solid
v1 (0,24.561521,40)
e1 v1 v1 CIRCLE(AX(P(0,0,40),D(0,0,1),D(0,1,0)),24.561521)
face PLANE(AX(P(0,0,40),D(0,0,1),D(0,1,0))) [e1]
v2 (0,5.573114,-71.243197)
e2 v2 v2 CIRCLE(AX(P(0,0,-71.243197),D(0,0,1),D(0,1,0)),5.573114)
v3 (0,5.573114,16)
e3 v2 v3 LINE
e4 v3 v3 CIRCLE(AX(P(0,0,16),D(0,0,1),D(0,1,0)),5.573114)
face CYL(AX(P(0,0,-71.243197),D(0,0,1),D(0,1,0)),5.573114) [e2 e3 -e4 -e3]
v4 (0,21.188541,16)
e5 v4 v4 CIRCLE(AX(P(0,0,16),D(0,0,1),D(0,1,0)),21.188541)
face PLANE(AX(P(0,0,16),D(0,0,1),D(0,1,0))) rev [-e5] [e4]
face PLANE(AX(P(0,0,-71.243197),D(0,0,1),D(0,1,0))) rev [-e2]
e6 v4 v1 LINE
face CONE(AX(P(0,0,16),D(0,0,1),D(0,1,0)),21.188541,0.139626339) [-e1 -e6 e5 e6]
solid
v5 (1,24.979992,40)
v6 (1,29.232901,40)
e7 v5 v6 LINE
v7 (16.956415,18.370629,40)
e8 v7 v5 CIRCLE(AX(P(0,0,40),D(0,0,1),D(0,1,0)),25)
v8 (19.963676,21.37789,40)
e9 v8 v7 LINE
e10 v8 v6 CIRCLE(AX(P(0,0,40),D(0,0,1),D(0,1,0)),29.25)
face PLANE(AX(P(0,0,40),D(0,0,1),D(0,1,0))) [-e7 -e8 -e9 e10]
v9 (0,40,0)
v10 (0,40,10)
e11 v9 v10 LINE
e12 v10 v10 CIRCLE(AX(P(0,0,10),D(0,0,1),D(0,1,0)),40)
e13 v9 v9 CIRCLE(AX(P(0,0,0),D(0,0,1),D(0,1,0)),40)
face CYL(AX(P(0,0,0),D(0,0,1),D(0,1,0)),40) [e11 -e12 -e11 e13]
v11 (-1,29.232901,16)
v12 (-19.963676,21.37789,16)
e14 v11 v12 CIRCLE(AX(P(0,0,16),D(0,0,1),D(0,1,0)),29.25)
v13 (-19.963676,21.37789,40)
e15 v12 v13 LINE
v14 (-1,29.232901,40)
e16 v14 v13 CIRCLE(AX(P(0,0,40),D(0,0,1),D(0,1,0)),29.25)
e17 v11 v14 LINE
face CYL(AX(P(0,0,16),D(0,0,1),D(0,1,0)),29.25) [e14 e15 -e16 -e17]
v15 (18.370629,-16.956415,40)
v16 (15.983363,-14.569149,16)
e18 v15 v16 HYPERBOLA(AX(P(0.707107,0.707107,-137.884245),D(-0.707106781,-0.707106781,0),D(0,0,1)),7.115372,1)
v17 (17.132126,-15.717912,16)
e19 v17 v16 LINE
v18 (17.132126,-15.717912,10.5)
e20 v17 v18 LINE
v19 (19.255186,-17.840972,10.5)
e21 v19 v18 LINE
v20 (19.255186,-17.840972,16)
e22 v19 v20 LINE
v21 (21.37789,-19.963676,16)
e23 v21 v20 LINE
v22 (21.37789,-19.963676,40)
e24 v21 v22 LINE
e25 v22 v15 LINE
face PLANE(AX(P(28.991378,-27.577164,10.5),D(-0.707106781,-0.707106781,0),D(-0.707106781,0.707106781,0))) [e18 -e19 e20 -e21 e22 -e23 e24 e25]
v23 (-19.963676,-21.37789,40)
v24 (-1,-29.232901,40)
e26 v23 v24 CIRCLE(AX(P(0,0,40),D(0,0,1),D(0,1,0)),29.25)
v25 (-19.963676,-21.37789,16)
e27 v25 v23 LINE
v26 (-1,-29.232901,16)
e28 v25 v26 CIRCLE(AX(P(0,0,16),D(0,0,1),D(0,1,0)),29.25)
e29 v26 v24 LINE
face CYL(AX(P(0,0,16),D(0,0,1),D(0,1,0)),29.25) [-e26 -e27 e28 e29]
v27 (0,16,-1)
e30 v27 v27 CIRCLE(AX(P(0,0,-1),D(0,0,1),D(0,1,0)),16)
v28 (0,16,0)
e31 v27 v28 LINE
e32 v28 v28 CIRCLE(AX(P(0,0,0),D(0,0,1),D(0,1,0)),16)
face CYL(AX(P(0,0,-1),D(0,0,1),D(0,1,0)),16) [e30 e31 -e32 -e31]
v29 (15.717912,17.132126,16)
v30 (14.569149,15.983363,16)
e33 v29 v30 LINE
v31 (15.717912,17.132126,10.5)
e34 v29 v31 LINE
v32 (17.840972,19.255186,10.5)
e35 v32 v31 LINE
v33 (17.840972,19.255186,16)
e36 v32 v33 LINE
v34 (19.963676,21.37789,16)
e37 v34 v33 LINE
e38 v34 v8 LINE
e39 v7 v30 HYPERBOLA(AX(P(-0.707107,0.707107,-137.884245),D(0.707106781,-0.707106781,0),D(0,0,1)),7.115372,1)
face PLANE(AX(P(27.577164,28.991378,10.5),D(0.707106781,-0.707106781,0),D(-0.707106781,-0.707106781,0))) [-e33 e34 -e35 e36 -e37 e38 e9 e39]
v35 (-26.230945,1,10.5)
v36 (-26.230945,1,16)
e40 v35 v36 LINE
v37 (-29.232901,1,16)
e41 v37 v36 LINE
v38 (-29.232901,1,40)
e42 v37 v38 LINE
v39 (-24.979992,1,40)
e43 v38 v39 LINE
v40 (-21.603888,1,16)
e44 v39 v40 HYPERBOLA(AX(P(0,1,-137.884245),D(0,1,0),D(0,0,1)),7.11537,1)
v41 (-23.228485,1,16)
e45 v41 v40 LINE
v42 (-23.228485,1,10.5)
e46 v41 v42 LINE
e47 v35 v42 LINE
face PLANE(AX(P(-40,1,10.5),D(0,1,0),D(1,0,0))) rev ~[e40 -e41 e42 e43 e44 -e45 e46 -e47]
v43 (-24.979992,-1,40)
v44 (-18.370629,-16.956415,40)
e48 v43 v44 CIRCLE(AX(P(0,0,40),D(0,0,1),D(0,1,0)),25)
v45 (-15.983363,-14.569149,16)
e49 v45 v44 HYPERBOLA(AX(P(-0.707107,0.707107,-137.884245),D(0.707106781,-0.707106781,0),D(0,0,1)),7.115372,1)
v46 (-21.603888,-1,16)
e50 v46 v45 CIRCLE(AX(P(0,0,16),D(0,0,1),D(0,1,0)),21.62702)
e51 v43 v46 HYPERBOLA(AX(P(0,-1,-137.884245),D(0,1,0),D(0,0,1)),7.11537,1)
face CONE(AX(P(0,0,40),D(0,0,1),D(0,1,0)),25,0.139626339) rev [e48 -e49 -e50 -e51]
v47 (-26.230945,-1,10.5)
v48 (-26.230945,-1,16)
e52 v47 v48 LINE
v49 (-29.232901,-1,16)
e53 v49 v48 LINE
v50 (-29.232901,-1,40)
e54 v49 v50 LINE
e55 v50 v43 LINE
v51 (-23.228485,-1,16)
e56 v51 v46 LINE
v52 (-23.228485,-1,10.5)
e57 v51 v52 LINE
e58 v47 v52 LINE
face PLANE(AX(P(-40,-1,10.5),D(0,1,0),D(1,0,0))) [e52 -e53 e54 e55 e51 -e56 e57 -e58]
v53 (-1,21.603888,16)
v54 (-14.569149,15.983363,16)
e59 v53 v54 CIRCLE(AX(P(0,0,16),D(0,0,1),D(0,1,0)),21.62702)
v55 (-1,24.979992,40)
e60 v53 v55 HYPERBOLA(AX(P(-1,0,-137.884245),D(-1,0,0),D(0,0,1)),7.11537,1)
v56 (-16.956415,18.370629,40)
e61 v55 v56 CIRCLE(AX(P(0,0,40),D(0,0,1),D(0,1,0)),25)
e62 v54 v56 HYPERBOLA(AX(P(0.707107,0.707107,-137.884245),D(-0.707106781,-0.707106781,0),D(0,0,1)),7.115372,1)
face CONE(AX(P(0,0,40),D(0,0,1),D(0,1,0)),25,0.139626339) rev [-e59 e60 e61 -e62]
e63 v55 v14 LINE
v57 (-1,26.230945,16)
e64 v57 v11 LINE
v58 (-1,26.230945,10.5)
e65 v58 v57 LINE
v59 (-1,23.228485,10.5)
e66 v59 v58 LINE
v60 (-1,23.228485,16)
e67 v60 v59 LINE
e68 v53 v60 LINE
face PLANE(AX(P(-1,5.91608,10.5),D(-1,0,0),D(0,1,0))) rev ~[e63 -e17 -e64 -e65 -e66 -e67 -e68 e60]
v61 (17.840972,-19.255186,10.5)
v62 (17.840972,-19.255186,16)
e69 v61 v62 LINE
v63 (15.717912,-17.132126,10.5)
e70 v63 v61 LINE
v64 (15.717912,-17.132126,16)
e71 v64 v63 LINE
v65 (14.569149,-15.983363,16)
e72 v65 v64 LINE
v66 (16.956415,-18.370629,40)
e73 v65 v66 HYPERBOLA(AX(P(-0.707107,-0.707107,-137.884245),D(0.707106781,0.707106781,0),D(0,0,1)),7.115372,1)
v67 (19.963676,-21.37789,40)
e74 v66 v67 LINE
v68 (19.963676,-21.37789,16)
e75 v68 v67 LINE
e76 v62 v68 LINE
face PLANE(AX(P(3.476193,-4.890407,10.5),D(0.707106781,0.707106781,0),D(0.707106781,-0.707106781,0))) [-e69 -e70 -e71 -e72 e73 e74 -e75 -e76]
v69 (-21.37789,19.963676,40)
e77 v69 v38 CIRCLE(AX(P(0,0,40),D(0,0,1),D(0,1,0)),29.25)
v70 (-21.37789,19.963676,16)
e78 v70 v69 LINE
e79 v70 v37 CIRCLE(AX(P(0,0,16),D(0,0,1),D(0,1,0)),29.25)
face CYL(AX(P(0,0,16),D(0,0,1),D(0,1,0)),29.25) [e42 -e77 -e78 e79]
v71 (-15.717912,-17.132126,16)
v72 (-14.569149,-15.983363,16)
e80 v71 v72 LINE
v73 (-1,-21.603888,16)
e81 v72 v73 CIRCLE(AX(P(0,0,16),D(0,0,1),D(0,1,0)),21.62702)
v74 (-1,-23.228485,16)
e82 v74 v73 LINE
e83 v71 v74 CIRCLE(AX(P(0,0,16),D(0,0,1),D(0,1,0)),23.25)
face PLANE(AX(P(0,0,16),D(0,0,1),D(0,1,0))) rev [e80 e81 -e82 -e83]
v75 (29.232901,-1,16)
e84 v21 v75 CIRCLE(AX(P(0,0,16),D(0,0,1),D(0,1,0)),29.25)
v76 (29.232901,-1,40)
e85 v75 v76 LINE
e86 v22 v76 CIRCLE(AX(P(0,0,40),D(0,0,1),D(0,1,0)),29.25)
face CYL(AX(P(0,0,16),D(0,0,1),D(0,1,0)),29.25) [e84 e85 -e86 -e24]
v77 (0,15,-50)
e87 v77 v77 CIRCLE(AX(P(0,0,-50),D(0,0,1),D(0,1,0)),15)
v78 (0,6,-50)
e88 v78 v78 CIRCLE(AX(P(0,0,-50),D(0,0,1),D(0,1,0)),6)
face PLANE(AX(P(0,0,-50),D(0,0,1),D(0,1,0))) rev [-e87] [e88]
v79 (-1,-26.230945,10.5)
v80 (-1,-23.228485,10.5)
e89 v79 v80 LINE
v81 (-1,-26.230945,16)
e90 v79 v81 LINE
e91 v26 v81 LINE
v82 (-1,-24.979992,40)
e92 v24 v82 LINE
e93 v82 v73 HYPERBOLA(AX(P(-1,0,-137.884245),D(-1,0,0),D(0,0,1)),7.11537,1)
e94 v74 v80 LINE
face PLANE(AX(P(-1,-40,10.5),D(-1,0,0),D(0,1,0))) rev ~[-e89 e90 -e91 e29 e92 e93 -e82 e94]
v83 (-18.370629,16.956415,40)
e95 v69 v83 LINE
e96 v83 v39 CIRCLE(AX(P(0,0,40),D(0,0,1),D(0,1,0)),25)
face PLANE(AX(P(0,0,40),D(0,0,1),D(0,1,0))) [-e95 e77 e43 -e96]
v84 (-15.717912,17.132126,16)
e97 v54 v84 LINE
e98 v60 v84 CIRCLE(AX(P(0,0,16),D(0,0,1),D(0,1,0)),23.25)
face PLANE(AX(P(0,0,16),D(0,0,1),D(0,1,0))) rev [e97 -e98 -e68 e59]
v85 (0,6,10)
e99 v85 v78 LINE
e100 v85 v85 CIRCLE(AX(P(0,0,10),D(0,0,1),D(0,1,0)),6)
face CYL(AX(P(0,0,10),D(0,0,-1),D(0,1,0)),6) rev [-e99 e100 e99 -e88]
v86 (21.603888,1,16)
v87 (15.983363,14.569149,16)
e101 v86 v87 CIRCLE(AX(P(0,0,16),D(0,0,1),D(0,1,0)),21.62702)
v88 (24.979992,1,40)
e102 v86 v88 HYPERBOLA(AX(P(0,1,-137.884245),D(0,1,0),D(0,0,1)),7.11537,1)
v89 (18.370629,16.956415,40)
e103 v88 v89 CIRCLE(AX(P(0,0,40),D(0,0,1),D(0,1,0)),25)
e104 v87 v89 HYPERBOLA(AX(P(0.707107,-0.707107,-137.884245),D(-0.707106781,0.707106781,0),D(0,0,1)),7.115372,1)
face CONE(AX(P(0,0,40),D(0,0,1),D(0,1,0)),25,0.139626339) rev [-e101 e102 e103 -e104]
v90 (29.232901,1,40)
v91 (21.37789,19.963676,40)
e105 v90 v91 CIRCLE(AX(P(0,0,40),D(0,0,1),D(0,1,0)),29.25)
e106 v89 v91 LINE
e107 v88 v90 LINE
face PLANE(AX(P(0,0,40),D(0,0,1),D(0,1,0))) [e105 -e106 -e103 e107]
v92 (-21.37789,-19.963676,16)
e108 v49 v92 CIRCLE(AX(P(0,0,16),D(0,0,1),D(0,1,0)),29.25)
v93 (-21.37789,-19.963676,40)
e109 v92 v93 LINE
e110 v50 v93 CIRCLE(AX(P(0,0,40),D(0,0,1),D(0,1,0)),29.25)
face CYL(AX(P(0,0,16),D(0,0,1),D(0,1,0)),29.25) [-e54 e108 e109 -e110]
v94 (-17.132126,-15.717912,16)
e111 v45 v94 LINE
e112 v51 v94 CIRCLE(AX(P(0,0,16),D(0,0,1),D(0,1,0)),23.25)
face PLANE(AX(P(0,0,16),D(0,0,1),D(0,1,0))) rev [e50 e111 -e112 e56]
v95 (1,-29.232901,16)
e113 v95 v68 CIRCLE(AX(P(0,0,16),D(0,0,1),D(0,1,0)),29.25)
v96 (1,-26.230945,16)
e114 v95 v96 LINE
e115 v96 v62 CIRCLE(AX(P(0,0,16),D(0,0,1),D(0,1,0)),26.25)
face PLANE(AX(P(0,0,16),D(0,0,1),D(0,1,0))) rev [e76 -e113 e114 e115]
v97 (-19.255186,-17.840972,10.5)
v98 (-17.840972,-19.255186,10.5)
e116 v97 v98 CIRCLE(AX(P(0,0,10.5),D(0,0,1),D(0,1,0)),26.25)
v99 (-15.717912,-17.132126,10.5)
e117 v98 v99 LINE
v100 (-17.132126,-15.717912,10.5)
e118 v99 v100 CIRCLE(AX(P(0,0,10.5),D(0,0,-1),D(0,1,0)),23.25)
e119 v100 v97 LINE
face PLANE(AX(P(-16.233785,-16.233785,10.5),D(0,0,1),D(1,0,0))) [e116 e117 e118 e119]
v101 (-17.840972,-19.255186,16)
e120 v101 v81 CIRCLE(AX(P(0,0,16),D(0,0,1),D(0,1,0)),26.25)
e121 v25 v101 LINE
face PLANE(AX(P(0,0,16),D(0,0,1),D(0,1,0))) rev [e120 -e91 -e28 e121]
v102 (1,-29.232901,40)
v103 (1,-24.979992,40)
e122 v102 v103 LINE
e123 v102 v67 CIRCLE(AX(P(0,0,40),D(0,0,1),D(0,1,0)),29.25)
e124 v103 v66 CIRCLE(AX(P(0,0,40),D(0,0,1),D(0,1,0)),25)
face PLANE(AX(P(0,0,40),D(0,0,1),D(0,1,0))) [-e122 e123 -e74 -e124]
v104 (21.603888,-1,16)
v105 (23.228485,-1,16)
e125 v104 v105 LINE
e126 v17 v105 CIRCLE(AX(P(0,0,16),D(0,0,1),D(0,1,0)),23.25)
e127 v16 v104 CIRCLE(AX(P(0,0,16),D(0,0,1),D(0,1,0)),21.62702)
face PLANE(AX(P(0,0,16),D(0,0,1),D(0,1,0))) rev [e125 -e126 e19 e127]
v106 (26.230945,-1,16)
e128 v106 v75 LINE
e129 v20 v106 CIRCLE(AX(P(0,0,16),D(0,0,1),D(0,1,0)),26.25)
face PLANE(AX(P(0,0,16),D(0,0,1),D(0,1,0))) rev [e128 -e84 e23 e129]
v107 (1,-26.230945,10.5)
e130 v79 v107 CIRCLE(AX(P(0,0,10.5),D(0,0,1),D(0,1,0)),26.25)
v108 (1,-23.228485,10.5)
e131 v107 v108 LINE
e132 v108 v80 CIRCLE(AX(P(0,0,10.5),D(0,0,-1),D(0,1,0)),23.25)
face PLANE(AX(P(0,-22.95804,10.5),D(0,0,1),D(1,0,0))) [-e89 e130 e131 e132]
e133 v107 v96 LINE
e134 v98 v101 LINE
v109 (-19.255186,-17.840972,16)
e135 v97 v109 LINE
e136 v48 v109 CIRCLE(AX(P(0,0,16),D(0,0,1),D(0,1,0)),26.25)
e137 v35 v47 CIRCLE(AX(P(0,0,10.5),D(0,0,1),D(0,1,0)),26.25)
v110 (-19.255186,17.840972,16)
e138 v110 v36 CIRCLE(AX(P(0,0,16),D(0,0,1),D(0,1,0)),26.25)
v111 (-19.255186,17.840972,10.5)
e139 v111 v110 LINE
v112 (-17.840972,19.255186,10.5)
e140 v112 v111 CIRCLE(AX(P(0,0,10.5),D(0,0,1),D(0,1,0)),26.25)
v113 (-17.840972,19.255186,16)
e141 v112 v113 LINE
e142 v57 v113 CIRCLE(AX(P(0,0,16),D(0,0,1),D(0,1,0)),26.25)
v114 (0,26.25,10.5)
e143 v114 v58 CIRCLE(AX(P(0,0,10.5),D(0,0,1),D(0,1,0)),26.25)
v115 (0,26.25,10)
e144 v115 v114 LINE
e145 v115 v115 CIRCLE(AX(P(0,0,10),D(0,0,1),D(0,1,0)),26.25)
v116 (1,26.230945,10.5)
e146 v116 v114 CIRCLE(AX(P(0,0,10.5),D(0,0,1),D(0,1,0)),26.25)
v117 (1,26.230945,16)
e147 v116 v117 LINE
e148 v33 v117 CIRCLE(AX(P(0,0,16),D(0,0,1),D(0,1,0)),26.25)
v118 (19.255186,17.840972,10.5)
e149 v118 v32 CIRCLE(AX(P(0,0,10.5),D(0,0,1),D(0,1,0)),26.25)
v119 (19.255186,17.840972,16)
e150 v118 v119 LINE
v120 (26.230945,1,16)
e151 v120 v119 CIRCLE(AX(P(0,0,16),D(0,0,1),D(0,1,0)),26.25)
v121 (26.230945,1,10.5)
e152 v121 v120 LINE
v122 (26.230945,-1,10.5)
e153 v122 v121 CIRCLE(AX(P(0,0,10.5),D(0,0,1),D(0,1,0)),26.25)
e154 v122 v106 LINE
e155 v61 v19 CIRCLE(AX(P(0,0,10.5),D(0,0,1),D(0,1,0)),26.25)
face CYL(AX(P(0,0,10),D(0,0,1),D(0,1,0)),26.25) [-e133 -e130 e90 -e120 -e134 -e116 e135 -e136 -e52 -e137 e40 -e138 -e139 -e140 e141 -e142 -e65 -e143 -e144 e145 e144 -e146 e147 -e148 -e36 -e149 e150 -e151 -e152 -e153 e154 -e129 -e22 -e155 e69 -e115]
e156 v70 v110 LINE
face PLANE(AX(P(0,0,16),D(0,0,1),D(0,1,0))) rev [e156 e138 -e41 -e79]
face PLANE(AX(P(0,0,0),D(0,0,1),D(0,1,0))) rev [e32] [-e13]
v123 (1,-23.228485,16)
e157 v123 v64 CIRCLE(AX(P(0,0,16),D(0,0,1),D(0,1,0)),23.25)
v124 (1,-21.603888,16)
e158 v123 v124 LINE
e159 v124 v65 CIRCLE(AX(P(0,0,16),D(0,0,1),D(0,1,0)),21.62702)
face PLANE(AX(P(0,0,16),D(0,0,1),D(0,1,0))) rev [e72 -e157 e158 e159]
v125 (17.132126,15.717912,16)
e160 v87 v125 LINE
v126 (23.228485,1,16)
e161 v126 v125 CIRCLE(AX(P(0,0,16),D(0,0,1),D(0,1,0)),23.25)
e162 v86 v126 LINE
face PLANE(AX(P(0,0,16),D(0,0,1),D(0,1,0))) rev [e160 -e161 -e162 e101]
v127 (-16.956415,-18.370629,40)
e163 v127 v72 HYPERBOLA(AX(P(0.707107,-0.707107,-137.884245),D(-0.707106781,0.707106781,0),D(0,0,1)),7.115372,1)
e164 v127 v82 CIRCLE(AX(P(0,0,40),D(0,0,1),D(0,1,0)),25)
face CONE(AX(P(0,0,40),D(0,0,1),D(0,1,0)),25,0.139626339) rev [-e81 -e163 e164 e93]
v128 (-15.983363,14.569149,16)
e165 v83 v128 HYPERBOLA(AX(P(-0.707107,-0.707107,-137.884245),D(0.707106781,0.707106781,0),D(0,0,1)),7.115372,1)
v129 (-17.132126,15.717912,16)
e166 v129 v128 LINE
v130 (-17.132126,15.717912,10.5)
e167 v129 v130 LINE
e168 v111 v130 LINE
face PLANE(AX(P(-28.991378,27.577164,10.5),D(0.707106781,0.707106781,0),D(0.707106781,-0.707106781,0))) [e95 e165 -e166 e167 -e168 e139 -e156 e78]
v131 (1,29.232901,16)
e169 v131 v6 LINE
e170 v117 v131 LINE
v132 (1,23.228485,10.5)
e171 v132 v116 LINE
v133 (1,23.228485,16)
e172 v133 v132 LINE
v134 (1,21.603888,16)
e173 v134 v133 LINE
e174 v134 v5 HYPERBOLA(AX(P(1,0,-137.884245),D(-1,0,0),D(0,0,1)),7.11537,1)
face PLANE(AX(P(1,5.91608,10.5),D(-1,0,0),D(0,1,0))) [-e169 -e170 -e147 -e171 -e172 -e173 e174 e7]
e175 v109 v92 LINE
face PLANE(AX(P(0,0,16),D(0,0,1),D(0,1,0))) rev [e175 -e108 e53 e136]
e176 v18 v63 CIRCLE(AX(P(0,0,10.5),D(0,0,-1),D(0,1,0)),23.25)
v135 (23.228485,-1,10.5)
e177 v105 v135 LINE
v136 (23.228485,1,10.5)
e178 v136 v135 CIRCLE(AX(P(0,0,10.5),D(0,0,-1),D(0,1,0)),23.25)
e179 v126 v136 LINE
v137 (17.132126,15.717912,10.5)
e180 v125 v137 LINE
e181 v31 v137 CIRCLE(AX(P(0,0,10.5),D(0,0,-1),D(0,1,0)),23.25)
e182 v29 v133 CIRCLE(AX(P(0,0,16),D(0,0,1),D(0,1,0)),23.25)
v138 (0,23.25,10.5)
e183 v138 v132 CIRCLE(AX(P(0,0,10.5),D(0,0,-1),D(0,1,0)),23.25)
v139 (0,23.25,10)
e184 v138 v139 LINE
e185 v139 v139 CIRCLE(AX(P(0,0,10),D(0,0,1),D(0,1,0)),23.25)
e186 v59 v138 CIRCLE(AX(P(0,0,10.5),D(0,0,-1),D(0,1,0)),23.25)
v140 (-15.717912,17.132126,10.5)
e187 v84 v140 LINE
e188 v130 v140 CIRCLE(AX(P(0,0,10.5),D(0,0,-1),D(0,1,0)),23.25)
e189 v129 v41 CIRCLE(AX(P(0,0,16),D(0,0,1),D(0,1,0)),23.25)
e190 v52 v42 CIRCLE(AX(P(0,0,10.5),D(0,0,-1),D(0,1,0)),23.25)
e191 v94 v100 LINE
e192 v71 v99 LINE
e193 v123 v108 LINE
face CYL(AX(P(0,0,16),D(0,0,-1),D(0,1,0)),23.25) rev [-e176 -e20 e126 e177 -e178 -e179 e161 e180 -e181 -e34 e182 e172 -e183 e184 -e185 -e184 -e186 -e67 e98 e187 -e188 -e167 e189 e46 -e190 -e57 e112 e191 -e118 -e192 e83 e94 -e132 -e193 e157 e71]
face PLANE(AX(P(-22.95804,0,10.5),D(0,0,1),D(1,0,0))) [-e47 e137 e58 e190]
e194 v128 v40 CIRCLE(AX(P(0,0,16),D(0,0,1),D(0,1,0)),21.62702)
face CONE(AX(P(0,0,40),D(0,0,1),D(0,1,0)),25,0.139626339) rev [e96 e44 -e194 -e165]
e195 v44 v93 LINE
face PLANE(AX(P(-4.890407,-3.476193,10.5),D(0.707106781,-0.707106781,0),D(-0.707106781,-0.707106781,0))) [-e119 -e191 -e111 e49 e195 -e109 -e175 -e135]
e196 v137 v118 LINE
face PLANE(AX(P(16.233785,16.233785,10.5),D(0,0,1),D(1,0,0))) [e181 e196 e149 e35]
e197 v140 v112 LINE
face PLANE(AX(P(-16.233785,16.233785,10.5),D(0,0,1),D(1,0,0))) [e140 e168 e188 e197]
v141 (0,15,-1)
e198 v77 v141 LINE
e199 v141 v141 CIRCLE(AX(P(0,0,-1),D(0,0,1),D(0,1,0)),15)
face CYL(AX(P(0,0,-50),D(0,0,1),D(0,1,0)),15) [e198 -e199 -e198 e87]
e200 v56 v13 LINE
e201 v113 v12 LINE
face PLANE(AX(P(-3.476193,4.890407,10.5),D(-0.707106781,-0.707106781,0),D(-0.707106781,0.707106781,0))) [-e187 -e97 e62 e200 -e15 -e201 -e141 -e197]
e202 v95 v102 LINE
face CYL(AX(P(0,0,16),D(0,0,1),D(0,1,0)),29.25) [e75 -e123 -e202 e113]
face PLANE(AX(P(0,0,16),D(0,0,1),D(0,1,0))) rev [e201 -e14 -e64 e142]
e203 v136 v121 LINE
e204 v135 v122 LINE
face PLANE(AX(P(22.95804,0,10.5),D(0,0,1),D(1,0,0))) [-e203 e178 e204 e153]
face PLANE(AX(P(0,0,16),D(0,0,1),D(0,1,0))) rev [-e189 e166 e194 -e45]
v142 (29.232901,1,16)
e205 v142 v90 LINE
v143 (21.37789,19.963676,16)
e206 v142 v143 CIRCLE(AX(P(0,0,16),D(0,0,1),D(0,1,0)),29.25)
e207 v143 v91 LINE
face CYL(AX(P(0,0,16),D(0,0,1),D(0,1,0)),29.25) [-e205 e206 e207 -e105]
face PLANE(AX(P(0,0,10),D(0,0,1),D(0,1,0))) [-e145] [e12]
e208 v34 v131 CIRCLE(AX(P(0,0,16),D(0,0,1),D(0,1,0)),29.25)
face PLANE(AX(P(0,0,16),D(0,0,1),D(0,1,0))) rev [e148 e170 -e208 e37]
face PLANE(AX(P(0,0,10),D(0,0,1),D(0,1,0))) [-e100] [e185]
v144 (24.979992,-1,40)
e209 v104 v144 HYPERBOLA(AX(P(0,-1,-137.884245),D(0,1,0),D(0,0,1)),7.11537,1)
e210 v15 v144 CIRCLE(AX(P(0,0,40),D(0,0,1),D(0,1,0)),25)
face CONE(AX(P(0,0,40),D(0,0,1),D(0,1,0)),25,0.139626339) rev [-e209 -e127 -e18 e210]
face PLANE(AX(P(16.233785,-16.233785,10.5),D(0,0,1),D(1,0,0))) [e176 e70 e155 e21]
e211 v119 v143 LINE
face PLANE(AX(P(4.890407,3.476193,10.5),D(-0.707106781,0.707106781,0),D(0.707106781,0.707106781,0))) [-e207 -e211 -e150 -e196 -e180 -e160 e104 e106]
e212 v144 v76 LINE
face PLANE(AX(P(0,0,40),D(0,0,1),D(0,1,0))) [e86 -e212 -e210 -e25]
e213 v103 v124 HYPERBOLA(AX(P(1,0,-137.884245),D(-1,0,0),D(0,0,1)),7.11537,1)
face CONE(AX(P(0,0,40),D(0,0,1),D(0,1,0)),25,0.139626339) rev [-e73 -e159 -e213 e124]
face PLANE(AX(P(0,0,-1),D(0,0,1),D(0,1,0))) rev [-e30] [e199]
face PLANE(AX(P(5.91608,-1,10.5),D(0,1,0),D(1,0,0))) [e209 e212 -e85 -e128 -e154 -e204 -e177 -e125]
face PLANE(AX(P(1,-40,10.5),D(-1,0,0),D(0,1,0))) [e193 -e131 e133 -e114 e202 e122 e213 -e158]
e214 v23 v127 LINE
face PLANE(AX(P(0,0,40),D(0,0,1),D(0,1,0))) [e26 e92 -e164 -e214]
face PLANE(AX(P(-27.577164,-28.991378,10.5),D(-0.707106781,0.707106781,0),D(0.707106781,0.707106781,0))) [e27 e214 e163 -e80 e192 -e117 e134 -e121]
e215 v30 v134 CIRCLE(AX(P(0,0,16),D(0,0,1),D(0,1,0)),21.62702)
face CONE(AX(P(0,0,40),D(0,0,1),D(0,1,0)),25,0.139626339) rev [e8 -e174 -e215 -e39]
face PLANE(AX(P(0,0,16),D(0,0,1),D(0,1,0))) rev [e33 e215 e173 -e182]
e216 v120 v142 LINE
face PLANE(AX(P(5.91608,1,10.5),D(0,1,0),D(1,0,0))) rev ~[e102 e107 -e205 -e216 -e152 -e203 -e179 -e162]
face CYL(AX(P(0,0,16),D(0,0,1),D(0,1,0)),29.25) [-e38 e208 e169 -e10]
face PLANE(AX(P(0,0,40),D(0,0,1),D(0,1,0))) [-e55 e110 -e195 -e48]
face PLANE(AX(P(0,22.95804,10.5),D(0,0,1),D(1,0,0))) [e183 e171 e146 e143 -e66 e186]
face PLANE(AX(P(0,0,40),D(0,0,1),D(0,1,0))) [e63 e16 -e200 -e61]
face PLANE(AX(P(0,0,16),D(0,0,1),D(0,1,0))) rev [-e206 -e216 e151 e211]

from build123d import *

# Parameters (mm, degrees)
F3_W     = 34.08392
F3_H     = 2
F3_W_2   = 2
F3_H_2   = 34.08392
F4_DEPTH = 29.5


with BuildPart() as f1:
    # F0 (on Right) → F1 (revolve)
    with BuildSketch(Plane.YZ):
        Polygon((6, 10), (6, -50), (15, -50), (15, -1), (16, -1), (16, 0), (40, 0), (40, 10), (26.25, 10), (26.25, 16), (29.25, 16), (29.25, 40), (25, 40), (21.62702, 16), (23.25, 16), (23.25, 10), align=None)
    revolve(axis=Axis((0, 0, -5), (0, 0, 1)))

    # F3 (on offset) → F4 (cut, through all)
    with BuildSketch(Plane.XY.offset(10.5)):
        with Locations((-22.95804, 0)):
            Rectangle(F3_W, F3_H)
        Polygon((-4.890407, -3.476193), (-28.991378, -27.577164), (-27.577164, -28.991378), (-3.476193, -4.890407), align=None)
        with Locations((0, -22.95804)):
            Rectangle(F3_W_2, F3_H_2)
        Polygon((3.476193, -4.890407), (27.577164, -28.991378), (28.991378, -27.577164), (4.890407, -3.476193), align=None)
        with Locations((22.95804, 0)):
            Rectangle(F3_W, F3_H)
        Polygon((4.890407, 3.476193), (28.991378, 27.577164), (27.577164, 28.991378), (3.476193, 4.890407), align=None)
        with Locations((0, 22.95804)):
            Rectangle(F3_W_2, F3_H_2)
        Polygon((-3.476193, 4.890407), (-27.577164, 28.991378), (-28.991378, 27.577164), (-4.890407, 3.476193), align=None)
    extrude(amount=F4_DEPTH, mode=Mode.SUBTRACT)


with BuildPart() as f6:
    # F5 (on Right) → F6 (revolve)
    with BuildSketch(Plane.YZ):
        Polygon((24.561521, 40), (0, 40), (0, -71.243197), (5.573114, -71.243197), (5.573114, 16), (21.188541, 16), align=None)
    revolve(axis=Axis((0, 0, -15.621598), (0, 0, 1)))


solid = Compound([f1.part, f6.part])
